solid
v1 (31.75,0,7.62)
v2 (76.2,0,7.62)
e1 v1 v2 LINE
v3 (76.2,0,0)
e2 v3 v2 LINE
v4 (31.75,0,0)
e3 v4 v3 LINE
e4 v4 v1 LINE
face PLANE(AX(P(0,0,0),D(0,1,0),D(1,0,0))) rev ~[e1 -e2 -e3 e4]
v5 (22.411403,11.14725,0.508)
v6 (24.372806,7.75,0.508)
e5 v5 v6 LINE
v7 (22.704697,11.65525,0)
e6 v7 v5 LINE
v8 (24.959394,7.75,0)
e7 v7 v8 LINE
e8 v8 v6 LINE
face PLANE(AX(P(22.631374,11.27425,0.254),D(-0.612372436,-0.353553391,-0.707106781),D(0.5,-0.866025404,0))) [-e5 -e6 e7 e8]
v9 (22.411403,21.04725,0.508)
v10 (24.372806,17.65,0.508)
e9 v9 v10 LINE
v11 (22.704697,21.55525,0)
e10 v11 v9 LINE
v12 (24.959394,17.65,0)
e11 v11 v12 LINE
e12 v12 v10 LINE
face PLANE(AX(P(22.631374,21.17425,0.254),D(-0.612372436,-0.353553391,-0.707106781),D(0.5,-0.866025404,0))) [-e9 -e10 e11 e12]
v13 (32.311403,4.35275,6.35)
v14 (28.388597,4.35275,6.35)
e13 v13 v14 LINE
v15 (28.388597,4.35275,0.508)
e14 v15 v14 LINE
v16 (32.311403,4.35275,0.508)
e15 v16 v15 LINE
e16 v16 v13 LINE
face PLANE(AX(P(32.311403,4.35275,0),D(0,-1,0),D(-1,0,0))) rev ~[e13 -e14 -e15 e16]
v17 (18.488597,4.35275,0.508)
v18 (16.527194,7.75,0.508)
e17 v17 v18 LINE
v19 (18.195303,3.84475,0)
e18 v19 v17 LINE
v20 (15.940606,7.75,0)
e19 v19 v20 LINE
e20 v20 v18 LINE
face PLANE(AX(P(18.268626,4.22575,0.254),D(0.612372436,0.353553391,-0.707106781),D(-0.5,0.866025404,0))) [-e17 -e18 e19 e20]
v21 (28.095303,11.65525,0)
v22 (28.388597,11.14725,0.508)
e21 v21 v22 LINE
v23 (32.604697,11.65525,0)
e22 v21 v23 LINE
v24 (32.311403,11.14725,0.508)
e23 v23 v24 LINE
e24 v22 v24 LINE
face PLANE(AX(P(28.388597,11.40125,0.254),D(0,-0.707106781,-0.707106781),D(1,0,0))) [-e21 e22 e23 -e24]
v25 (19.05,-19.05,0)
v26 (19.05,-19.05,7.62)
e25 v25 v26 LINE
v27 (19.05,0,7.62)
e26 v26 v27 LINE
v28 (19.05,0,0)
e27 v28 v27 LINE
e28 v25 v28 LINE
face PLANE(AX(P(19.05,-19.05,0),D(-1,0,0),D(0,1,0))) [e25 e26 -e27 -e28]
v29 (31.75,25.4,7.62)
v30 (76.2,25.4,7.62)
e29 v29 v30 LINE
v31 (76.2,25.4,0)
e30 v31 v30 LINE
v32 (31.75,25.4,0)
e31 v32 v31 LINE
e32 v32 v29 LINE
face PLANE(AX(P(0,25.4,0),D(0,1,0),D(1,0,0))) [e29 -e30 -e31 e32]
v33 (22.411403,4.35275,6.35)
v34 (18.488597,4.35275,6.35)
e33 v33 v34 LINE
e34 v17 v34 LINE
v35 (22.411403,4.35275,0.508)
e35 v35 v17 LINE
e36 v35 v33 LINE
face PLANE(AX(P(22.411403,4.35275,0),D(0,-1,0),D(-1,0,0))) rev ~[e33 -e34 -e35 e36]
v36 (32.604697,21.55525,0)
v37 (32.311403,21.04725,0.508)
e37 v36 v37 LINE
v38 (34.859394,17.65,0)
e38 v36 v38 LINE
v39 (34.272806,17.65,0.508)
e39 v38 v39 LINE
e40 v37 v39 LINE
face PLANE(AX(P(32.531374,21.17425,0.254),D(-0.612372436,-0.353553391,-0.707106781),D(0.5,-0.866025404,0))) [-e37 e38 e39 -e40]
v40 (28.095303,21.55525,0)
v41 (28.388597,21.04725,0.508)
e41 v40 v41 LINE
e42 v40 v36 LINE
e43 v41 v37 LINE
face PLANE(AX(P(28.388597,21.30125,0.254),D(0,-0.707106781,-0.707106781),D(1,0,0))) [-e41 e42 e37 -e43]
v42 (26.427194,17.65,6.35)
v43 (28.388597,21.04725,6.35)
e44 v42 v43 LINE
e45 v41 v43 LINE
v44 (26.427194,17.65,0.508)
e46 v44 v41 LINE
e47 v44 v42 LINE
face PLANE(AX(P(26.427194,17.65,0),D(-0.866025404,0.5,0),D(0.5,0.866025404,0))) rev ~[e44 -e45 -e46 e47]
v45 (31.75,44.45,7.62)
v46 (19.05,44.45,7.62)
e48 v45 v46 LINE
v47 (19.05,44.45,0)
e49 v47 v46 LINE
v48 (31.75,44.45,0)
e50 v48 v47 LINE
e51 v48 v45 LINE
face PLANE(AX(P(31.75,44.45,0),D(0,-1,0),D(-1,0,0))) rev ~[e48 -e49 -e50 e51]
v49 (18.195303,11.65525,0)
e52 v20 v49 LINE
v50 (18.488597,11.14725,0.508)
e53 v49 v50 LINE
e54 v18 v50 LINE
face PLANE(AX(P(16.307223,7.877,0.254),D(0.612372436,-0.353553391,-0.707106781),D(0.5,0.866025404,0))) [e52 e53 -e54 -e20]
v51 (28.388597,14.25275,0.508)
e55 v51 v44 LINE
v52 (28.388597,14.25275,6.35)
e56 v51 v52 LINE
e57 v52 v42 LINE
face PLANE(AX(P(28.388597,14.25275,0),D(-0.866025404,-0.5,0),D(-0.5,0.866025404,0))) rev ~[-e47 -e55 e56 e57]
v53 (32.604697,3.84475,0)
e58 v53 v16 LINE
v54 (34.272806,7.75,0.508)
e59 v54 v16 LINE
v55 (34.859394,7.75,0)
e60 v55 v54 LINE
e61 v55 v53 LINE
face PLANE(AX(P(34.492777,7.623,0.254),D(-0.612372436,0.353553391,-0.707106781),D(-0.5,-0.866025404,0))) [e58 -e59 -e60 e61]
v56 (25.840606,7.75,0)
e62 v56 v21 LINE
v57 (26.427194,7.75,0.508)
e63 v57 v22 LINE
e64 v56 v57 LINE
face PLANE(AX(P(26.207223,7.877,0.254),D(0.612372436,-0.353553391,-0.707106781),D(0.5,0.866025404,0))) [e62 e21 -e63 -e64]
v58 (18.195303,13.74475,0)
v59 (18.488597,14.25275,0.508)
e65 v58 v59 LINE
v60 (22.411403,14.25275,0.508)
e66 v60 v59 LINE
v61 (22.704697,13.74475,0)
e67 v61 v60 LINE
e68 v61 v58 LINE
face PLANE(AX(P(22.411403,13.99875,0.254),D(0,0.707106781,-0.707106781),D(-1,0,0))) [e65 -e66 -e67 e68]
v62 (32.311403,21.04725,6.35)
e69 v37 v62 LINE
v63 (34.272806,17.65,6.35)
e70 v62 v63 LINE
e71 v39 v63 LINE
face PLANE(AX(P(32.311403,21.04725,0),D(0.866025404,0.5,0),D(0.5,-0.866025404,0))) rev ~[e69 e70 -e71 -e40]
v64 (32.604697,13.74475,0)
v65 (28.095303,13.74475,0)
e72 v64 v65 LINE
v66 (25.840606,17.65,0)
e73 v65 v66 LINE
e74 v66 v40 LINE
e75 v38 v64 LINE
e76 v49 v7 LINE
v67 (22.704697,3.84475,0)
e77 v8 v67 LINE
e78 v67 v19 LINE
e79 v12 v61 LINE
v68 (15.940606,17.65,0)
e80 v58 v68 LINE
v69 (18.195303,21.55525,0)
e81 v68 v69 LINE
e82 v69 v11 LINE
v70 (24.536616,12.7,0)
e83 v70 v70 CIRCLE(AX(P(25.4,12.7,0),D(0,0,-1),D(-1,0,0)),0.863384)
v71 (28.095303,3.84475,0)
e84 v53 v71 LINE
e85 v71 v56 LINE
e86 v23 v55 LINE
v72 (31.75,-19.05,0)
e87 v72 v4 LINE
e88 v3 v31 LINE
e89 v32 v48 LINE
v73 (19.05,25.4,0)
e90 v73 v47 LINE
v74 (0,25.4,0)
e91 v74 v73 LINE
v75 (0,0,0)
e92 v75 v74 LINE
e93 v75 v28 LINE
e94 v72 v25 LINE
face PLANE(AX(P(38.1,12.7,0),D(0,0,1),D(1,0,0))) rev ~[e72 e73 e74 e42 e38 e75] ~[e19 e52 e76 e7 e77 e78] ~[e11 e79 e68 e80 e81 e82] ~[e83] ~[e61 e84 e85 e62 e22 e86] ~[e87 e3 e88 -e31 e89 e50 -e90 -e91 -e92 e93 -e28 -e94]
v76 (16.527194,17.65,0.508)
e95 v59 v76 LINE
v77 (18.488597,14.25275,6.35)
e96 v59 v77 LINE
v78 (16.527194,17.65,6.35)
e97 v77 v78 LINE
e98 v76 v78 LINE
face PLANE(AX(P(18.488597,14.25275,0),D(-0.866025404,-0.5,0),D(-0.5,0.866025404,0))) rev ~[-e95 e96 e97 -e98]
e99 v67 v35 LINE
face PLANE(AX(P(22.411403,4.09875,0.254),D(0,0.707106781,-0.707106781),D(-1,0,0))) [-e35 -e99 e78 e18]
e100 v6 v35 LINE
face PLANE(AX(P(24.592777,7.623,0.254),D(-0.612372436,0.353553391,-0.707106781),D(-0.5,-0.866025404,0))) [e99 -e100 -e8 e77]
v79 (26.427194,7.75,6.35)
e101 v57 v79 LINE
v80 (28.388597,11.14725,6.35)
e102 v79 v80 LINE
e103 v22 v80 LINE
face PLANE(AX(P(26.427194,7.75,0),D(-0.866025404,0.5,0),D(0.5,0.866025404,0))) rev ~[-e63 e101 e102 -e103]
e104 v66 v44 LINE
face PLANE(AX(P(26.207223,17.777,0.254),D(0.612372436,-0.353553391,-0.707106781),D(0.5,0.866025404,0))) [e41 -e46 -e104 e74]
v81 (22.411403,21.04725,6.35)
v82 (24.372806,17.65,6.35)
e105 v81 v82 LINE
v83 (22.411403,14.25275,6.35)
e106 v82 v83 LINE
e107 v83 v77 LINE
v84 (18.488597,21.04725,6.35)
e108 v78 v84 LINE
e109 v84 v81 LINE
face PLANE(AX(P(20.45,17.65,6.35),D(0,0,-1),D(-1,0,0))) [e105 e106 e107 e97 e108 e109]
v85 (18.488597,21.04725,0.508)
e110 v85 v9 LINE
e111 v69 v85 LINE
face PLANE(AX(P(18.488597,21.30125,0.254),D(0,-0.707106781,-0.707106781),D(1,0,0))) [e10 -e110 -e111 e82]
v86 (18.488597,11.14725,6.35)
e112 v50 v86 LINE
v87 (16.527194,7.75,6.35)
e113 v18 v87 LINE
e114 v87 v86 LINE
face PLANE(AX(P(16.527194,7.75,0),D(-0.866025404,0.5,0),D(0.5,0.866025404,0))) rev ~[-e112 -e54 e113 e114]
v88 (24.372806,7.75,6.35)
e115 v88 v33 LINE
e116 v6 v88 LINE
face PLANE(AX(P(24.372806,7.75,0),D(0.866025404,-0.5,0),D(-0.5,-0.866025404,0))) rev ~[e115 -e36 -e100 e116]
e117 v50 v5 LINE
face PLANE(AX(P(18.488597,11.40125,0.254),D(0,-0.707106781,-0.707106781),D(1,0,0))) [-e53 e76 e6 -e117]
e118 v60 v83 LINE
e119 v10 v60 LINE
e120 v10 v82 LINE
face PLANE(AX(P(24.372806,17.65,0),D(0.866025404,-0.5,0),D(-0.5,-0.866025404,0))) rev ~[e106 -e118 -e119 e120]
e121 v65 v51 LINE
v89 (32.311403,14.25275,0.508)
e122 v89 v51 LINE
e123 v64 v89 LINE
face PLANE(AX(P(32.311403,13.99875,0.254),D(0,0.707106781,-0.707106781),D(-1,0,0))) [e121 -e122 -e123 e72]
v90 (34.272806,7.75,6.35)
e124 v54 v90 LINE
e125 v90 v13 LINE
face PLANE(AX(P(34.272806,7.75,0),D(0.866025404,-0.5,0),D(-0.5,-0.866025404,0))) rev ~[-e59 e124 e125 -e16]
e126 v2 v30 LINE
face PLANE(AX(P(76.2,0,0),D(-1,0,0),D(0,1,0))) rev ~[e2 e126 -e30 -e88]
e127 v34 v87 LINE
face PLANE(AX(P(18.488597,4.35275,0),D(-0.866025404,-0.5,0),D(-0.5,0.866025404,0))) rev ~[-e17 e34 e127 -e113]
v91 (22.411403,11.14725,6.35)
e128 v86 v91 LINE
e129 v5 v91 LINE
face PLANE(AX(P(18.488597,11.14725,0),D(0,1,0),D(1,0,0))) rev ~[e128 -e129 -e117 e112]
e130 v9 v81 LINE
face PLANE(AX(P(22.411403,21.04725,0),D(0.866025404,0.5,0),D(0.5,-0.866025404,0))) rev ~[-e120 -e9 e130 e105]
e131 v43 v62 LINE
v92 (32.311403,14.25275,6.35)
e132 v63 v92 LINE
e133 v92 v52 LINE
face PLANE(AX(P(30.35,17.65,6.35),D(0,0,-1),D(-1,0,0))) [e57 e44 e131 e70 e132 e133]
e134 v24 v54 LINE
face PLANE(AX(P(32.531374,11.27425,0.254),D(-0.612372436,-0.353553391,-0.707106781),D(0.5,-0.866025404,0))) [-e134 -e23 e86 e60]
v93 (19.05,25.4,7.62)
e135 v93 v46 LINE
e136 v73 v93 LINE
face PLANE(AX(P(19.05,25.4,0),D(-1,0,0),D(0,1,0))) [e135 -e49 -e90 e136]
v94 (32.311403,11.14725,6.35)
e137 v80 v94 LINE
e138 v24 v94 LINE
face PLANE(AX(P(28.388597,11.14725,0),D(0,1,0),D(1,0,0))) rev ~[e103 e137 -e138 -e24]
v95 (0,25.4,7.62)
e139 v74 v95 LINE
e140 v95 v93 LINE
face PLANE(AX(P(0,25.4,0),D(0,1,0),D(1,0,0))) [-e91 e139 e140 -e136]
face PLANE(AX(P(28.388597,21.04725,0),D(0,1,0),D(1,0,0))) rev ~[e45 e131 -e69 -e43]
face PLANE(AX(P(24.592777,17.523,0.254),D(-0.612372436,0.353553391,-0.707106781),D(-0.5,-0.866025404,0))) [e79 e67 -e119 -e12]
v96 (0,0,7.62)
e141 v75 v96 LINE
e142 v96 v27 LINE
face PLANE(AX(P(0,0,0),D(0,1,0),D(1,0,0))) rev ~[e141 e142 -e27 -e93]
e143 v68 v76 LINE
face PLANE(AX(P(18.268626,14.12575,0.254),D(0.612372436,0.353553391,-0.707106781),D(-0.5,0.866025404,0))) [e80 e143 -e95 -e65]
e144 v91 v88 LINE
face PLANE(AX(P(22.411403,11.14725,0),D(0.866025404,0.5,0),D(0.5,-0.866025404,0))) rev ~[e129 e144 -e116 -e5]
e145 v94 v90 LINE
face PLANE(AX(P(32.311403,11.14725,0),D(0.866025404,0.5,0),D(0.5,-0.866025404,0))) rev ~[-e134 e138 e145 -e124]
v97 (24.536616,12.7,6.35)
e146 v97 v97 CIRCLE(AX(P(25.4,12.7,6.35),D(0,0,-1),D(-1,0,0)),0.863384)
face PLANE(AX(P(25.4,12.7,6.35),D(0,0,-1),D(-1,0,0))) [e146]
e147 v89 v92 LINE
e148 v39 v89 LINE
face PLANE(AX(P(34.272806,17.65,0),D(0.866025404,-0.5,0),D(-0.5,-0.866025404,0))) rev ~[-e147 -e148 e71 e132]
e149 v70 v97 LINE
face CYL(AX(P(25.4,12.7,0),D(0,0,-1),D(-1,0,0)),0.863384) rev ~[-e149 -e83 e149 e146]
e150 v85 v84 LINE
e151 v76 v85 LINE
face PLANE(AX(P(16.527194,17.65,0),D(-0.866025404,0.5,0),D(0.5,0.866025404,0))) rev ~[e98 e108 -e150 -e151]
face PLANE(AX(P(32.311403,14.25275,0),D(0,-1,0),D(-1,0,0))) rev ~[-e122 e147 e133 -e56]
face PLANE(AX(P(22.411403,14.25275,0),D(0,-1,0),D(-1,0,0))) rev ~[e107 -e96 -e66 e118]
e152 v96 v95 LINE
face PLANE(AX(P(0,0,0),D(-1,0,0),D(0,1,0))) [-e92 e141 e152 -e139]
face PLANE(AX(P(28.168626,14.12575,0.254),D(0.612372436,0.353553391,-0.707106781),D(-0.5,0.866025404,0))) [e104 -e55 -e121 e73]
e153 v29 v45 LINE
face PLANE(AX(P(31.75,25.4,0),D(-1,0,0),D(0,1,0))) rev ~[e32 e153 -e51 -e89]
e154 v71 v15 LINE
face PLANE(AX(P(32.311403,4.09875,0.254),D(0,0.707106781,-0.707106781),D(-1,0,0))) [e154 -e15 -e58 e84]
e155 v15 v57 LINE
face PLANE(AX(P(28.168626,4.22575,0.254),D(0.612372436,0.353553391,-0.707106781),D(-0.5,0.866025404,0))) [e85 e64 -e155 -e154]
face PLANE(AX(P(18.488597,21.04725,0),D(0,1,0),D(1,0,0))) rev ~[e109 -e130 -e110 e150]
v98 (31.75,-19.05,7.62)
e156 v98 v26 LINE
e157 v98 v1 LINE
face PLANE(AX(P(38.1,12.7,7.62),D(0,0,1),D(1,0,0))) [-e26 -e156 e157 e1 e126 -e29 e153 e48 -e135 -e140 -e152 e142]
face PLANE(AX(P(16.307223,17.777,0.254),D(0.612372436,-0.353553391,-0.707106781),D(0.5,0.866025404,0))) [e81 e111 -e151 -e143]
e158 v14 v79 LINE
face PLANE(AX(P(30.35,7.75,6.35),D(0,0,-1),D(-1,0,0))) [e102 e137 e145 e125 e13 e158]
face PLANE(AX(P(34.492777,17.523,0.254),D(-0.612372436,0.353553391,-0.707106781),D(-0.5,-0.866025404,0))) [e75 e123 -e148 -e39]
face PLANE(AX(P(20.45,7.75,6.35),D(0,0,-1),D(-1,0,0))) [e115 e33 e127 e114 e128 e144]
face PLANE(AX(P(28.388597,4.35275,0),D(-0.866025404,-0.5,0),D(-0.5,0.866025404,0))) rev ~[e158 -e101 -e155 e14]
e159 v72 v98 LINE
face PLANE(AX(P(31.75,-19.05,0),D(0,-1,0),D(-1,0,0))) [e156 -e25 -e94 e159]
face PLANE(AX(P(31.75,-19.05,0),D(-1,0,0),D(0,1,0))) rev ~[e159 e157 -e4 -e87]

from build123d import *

# Parameters (mm, degrees)
SKETCH1_W           = 76.2
SKETCH1_H           = 25.4
BOSS_EXTRUDE1_DEPTH = 7.62
SKETCH2_R           = 0.863384433
CUT_EXTRUDE1_DEPTH  = 6.35
CHAMFER1_SIZE       = 0.508
SKETCH3_W           = 12.7
SKETCH3_H           = 19.05
BOSS_EXTRUDE2_DEPTH = 7.62


with BuildPart() as part:
    # Sketch1 → Boss-Extrude1 (new body)
    with BuildSketch(Plane.XY):
        with Locations((38.1, 12.7)):
            Rectangle(SKETCH1_W, SKETCH1_H)
    extrude(amount=BOSS_EXTRUDE1_DEPTH)

    # Sketch2 → Cut-Extrude1 (cut)
    with BuildSketch(Plane(origin=(0, 0, 0), x_dir=(-1, 0, 0), z_dir=(0, 0, -1))):
        with Locations((-25.4, 12.7)):
            Circle(SKETCH2_R)
        Polygon((-28.388596798, 21.04725), (-32.311403202, 21.04725), (-34.272806404, 17.65), (-32.311403202, 14.25275), (-28.388596798, 14.25275), (-26.427193596, 17.65), align=None)
        Polygon((-18.488596798, 21.04725), (-22.411403202, 21.04725), (-24.372806404, 17.65), (-22.411403202, 14.25275), (-18.488596798, 14.25275), (-16.527193596, 17.65), align=None)
        Polygon((-18.488596798, 11.14725), (-22.411403202, 11.14725), (-24.372806404, 7.75), (-22.411403202, 4.35275), (-18.488596798, 4.35275), (-16.527193596, 7.75), align=None)
        Polygon((-28.388596798, 11.14725), (-32.311403202, 11.14725), (-34.272806404, 7.75), (-32.311403202, 4.35275), (-28.388596798, 4.35275), (-26.427193596, 7.75), align=None)
    extrude(amount=-CUT_EXTRUDE1_DEPTH, mode=Mode.SUBTRACT)

    # Chamfer1
    chamfer1_edges = [part.edges().sort_by_distance(p)[0] for p in [
        (27.407895197, 9.448625, 0),
        (30.35, 11.14725, 0),
        (33.292104803, 9.448625, 0),
        (33.292104803, 6.051375, 0),
        (30.35, 4.35275, 0),
        (27.407895197, 6.051375, 0),
        (17.507895197, 9.448625, 0),
        (20.45, 11.14725, 0),
        (23.392104803, 9.448625, 0),
        (23.392104803, 6.051375, 0),
        (20.45, 4.35275, 0),
        (17.507895197, 6.051375, 0),
        (17.507895197, 19.348625, 0),
        (20.45, 21.04725, 0),
        (23.392104803, 19.348625, 0),
        (23.392104803, 15.951375, 0),
        (20.45, 14.25275, 0),
        (17.507895197, 15.951375, 0),
        (27.407895197, 19.348625, 0),
        (30.35, 21.04725, 0),
        (33.292104803, 19.348625, 0),
        (33.292104803, 15.951375, 0),
        (30.35, 14.25275, 0),
        (27.407895197, 15.951375, 0),
    ]]
    chamfer(chamfer1_edges, length=CHAMFER1_SIZE)

    # Sketch3 → Boss-Extrude2 (add)
    with BuildSketch(Plane(origin=(0, 0, 0), x_dir=(-1, 0, 0), z_dir=(0, 0, -1))):
        with Locations((-25.4, -9.525)):
            Rectangle(SKETCH3_W, SKETCH3_H)
        with Locations((-25.4, 34.925)):
            Rectangle(SKETCH3_W, SKETCH3_H)
    extrude(amount=-BOSS_EXTRUDE2_DEPTH)


solid = part.part
